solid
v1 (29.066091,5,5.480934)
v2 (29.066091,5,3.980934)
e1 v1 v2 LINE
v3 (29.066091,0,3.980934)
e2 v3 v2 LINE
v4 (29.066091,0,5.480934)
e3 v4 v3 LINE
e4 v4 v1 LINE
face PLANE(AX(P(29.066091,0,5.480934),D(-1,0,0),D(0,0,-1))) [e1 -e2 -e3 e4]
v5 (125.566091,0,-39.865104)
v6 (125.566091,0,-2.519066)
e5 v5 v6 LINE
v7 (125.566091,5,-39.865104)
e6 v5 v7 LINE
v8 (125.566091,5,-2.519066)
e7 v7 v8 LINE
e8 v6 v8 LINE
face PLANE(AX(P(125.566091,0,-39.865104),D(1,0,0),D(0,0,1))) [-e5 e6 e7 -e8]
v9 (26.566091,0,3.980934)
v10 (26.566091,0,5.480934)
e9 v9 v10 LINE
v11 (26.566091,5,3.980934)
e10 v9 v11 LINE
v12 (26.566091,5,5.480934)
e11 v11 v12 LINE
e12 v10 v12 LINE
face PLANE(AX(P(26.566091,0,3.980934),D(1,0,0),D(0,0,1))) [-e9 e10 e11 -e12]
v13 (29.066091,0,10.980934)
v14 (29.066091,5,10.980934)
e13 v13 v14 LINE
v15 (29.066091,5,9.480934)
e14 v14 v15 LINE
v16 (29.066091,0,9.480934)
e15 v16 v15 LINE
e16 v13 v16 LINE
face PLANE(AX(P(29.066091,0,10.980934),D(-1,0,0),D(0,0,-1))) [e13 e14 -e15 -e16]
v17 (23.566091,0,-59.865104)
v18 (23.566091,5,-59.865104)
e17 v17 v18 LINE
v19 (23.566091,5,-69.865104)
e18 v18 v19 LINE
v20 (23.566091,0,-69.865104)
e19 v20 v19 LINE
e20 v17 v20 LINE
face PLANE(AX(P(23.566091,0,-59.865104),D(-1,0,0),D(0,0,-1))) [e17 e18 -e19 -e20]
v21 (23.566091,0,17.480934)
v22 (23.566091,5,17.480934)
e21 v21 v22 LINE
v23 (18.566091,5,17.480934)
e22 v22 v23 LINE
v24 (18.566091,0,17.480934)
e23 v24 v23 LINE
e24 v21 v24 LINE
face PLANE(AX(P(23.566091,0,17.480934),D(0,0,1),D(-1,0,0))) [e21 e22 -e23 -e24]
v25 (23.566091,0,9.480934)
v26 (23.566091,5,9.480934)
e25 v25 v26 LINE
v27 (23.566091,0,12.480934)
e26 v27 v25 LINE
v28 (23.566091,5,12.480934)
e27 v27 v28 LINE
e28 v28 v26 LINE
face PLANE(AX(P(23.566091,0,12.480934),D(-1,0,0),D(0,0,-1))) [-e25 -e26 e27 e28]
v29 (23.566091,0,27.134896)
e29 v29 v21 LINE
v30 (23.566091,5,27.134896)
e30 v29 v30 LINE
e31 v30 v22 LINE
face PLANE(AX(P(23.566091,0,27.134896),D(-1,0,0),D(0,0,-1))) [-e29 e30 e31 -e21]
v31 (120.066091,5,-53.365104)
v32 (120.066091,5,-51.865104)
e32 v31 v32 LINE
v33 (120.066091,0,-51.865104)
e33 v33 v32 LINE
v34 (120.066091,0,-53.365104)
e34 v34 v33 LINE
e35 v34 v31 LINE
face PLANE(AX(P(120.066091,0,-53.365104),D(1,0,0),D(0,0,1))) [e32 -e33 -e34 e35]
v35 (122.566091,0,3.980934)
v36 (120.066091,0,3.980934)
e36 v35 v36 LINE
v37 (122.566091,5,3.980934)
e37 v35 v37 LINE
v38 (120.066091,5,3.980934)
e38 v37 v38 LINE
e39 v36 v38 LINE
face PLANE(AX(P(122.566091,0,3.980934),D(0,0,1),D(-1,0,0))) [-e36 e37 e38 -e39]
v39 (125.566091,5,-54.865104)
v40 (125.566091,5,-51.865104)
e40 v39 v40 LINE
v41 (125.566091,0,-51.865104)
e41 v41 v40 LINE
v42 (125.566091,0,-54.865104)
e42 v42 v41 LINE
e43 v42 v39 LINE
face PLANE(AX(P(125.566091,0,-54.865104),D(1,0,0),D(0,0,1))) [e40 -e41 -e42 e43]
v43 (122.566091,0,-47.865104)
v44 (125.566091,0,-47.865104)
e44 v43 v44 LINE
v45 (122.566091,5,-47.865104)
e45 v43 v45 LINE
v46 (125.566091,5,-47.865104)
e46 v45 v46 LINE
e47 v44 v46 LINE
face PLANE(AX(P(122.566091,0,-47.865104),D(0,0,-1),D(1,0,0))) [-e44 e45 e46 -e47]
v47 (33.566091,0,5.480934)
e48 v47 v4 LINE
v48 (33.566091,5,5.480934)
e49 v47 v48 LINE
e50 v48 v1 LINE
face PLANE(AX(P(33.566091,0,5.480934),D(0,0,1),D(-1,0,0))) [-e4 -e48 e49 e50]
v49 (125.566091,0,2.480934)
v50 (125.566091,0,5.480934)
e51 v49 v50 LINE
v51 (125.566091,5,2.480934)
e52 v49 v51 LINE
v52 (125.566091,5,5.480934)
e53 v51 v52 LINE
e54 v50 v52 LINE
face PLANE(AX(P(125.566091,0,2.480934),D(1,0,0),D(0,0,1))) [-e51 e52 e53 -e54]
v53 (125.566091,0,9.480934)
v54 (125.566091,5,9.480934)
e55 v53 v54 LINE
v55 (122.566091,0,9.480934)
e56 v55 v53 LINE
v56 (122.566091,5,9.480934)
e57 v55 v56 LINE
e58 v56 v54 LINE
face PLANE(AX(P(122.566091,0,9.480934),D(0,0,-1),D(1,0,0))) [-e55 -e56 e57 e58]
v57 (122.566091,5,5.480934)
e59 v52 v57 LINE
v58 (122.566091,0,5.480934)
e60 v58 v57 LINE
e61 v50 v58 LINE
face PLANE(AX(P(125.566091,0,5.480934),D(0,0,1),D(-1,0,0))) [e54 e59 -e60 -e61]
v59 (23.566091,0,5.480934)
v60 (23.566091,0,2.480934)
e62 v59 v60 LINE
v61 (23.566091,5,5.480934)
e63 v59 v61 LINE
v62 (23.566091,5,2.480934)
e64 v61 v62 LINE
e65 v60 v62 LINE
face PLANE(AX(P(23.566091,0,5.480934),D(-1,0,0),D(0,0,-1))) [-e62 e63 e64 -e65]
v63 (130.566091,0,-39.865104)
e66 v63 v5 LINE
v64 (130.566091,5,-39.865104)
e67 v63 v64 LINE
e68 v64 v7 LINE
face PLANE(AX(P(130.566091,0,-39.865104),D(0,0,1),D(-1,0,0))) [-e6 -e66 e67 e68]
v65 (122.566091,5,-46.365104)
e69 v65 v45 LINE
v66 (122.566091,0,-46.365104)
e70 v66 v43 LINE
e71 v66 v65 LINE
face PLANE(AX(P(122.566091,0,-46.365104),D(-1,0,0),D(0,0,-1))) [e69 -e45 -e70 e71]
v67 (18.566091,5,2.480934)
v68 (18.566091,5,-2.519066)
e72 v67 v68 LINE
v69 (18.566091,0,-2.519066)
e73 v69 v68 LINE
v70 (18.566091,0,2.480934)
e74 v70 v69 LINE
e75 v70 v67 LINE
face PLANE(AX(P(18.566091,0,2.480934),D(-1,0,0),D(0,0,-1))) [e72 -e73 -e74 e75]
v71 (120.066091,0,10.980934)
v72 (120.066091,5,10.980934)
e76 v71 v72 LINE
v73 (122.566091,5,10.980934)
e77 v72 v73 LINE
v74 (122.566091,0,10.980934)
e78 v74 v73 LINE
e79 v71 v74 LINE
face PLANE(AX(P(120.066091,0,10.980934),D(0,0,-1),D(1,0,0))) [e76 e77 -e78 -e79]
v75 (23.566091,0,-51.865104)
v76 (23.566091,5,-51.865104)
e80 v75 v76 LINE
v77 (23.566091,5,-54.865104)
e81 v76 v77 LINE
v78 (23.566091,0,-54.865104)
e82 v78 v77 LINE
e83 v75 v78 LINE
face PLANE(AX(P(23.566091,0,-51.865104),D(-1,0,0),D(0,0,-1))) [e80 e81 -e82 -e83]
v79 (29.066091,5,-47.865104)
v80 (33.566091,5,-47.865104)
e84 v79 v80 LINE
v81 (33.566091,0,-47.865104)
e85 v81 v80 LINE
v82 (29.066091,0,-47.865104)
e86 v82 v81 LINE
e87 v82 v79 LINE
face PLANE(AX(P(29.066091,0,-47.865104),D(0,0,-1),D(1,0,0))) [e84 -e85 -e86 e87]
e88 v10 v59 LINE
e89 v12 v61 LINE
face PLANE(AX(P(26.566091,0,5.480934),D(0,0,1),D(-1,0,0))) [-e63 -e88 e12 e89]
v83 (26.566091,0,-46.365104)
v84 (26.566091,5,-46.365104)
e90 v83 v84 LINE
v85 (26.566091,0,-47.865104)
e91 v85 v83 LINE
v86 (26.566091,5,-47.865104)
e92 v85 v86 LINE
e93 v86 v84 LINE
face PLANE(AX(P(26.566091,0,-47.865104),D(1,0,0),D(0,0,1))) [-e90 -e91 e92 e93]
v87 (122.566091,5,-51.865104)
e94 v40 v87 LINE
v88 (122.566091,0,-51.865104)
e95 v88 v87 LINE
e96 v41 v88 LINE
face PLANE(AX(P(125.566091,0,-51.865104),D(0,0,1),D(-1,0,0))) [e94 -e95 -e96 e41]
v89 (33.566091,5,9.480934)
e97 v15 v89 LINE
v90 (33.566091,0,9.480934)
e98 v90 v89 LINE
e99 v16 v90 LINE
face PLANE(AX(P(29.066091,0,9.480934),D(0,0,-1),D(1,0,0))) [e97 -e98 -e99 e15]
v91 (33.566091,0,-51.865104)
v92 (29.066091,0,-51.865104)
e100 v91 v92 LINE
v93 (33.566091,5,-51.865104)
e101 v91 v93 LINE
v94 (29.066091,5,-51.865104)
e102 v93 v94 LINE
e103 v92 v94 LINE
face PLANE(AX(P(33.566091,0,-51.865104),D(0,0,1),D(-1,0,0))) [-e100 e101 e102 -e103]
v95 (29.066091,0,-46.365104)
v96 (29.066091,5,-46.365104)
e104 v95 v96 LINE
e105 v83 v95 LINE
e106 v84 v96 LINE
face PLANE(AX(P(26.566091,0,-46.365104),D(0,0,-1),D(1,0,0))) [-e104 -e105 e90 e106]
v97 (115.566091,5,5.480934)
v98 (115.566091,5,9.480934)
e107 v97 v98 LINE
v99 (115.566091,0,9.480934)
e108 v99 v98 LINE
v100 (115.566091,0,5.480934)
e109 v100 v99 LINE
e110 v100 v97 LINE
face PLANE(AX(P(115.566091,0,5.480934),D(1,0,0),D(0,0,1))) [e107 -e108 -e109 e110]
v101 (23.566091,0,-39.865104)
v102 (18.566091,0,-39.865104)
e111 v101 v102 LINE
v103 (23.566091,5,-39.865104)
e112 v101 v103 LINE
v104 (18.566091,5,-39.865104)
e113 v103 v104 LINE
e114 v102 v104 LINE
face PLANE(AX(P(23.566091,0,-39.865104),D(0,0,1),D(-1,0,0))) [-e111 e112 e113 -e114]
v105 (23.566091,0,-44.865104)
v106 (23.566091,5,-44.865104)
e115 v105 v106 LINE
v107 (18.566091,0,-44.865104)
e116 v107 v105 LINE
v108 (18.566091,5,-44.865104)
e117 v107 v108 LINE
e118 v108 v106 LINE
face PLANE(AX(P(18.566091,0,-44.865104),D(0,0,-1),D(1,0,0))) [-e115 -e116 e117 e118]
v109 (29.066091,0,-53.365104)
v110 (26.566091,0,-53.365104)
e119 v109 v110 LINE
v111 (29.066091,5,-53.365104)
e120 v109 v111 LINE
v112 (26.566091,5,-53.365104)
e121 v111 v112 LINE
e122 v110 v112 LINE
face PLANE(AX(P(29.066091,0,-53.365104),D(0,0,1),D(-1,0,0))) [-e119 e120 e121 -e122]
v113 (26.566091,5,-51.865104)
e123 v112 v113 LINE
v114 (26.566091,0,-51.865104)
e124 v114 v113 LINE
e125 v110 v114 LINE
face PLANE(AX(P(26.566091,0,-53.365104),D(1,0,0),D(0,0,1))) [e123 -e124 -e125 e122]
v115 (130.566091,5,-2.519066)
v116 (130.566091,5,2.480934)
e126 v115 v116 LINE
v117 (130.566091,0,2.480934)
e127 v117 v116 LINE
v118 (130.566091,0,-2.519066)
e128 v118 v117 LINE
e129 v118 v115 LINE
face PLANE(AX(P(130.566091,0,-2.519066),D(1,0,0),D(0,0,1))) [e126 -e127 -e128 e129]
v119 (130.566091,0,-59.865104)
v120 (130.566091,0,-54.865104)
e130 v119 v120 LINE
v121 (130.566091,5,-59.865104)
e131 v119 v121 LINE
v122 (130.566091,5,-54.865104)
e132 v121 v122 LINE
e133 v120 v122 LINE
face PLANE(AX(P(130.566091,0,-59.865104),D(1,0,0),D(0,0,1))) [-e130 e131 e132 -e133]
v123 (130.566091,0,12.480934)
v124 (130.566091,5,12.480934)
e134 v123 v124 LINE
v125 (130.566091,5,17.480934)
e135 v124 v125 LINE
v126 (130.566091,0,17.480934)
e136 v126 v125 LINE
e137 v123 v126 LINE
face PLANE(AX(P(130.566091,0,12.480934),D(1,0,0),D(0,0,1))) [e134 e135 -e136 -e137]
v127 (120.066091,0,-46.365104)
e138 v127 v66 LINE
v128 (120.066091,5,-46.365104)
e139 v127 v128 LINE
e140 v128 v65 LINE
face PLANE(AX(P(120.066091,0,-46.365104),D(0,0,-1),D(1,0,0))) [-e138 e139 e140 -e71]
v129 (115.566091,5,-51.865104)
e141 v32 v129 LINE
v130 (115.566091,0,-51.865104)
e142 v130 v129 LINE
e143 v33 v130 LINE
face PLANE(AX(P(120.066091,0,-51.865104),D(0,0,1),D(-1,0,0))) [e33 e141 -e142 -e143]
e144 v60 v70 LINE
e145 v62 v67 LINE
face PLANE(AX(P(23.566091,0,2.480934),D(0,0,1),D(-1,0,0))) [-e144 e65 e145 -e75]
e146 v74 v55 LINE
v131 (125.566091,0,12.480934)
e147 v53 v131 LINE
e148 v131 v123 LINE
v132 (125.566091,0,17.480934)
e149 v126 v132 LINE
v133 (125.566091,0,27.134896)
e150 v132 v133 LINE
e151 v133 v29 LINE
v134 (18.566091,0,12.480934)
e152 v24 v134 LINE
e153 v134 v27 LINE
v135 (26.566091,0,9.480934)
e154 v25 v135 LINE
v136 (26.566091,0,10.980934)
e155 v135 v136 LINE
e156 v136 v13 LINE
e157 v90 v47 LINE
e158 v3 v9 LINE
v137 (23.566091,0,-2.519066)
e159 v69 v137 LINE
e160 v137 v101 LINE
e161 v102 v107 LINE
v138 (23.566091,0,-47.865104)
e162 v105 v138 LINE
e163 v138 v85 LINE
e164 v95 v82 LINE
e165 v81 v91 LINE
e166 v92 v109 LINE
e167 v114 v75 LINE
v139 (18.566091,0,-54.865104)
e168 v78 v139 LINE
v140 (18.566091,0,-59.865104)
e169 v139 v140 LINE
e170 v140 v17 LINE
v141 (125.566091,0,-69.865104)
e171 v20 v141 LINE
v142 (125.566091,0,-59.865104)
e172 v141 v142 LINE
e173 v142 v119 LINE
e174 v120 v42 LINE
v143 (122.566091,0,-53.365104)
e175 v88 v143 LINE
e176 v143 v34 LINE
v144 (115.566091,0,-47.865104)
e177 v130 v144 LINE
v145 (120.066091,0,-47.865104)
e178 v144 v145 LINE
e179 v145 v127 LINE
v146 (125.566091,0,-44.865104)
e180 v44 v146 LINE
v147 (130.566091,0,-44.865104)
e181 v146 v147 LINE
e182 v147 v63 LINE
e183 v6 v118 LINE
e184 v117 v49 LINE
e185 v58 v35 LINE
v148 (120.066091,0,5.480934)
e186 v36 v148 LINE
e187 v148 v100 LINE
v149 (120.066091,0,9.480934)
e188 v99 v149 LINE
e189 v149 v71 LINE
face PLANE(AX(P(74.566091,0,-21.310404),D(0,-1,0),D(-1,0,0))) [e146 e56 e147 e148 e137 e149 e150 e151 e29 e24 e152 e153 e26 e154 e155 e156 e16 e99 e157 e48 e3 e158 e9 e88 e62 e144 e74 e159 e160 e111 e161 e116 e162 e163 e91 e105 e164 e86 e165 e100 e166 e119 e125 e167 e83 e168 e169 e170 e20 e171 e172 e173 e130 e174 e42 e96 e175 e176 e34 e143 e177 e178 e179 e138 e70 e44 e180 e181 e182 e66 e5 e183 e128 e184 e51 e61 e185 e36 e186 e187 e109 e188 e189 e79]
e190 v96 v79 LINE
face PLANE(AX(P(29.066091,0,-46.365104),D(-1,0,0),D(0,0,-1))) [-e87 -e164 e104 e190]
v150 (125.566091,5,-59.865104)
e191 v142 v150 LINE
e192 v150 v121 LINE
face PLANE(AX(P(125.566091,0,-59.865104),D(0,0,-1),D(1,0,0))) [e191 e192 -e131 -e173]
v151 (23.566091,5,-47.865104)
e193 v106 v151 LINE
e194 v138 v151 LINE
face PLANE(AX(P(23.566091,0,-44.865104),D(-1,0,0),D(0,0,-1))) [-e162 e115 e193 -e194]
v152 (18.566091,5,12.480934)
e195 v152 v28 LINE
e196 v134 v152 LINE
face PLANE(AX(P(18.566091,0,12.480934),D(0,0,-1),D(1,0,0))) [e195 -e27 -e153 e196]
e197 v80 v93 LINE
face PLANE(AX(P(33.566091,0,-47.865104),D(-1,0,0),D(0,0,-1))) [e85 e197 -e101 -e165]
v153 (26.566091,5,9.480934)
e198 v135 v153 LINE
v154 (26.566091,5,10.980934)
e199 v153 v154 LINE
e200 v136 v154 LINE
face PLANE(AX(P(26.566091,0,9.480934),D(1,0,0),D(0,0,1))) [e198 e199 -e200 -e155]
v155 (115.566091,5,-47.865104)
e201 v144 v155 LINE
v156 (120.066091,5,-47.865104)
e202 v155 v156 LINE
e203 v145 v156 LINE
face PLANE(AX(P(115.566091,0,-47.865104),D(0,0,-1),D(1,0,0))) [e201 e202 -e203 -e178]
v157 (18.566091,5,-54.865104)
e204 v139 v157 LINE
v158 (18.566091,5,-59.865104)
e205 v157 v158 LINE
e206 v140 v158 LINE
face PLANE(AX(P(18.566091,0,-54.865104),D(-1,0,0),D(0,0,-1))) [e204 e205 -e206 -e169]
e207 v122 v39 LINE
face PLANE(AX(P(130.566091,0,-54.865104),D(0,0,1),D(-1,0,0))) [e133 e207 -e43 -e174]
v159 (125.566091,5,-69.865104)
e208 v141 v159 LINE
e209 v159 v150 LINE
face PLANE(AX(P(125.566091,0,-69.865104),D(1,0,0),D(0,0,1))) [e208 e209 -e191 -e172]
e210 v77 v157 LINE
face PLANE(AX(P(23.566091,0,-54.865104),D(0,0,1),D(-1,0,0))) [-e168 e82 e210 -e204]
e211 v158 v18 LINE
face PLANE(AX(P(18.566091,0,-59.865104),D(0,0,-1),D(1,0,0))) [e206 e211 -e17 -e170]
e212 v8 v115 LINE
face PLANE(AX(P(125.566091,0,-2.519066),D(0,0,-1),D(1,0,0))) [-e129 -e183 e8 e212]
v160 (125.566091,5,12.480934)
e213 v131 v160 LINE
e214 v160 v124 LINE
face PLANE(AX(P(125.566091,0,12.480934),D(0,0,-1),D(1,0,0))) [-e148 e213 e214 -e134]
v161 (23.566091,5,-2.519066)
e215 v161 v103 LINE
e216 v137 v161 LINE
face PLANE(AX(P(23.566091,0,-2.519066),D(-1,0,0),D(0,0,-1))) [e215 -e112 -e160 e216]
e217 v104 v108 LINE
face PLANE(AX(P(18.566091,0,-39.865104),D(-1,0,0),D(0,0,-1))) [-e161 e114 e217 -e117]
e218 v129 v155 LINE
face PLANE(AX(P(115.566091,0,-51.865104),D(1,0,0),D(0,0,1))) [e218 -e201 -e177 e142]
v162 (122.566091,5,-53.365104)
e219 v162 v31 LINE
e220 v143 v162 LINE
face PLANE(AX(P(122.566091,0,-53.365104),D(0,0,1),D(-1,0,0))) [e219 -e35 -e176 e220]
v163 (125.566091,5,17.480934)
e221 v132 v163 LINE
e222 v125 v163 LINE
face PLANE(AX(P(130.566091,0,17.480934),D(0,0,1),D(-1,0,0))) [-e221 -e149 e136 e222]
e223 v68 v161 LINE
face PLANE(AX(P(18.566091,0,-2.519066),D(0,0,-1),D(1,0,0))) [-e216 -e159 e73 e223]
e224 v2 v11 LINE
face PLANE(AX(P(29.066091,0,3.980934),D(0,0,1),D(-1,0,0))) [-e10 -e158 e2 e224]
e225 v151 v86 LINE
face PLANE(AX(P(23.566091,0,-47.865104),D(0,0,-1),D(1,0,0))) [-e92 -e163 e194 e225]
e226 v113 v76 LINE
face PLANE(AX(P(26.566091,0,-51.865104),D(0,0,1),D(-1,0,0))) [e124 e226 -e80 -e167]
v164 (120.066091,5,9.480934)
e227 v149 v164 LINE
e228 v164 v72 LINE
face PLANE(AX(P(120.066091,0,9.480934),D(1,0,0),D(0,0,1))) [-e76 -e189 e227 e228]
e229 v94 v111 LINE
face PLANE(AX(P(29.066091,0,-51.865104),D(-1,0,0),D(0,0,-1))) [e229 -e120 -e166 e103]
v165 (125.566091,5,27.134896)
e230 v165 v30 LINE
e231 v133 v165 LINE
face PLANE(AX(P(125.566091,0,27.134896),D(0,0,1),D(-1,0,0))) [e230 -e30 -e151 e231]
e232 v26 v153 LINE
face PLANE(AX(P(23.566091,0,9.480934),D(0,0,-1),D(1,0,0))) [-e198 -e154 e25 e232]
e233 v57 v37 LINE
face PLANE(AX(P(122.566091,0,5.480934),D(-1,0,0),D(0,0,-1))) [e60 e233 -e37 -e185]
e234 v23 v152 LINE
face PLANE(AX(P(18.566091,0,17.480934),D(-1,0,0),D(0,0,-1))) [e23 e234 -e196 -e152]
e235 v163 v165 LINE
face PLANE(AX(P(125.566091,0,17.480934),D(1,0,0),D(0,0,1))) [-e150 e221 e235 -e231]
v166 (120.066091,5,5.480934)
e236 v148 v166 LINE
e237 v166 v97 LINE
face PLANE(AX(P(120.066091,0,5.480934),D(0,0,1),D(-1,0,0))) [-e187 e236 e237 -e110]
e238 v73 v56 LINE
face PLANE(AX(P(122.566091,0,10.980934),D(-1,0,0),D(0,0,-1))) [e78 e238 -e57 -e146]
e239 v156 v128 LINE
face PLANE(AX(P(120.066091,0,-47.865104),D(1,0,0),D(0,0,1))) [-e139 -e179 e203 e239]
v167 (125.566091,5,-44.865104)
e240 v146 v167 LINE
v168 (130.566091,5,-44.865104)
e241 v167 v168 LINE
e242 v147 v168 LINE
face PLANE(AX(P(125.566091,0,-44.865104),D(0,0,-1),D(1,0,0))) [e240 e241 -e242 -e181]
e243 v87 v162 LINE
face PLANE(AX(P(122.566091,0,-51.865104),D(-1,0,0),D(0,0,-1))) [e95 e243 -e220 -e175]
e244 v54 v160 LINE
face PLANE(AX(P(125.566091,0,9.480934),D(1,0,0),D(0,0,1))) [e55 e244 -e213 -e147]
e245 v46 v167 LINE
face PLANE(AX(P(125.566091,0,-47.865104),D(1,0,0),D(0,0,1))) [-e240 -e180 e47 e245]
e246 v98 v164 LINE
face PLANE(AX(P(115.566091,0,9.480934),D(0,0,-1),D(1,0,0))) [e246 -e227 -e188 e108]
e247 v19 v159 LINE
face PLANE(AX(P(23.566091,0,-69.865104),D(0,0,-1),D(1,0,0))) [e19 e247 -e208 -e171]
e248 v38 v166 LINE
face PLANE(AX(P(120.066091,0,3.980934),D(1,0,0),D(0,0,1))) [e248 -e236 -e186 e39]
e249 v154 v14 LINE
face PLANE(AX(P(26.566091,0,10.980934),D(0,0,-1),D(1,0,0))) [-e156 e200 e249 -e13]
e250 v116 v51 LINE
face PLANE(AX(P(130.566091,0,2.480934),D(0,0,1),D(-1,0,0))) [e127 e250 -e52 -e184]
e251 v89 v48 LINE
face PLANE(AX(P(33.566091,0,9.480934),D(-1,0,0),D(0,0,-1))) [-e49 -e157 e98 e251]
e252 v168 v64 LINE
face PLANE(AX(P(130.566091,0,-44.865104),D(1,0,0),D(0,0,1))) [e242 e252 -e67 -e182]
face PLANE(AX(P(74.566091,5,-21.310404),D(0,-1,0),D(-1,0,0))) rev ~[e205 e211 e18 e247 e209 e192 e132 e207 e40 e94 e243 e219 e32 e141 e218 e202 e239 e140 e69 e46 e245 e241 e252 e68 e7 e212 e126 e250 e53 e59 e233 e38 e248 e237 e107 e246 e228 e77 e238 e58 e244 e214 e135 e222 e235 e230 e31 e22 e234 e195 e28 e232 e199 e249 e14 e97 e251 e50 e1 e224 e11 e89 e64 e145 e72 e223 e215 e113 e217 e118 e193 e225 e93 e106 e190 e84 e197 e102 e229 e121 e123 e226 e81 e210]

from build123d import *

# Parameters (mm, degrees)
BOSS_EXTRUDE3_DEPTH = 5


with BuildPart() as part:
    # Sketch2 → Boss-Extrude3 (new body)
    with BuildSketch(Plane(origin=(0, 0, 0), x_dir=(1, 0, 0), z_dir=(0, 1, 0))):
        Polygon((125.566090761, 54.865104149), (125.566090761, 51.865104149), (122.566090761, 51.865104149), (122.566090761, 53.365104149), (120.066090761, 53.365104149), (120.066090761, 51.865104149), (115.566090761, 51.865104149), (115.566090761, 47.865104149), (120.066090761, 47.865104149), (120.066090761, 46.365104149), (122.566090761, 46.365104149), (122.566090761, 47.865104149), (125.566090761, 47.865104149), (125.566090761, 44.865104149), (130.566090761, 44.865104149), (130.566090761, 39.865104149), (125.566090761, 39.865104149), (125.566090761, 2.519066104), (130.566090761, 2.519066104), (130.566090761, -2.480933896), (125.566090761, -2.480933896), (125.566090761, -5.480933896), (122.566090761, -5.480933896), (122.566090761, -3.980933896), (120.066090761, -3.980933896), (120.066090761, -5.480933896), (115.566090761, -5.480933896), (115.566090761, -9.480933896), (120.066090761, -9.480933896), (120.066090761, -10.980933896), (122.566090761, -10.980933896), (122.566090761, -9.480933896), (125.566090761, -9.480933896), (125.566090761, -12.480933896), (130.566090761, -12.480933896), (130.566090761, -17.480933896), (125.566090761, -17.480933896), (125.566090761, -27.134895851), (23.566090761, -27.134895851), (23.566090761, -17.480933896), (18.566090761, -17.480933896), (18.566090761, -12.480933896), (23.566090761, -12.480933896), (23.566090761, -9.480933896), (26.566090761, -9.480933896), (26.566090761, -10.980933896), (29.066090761, -10.980933896), (29.066090761, -9.480933896), (33.566090761, -9.480933896), (33.566090761, -5.480933896), (29.066090761, -5.480933896), (29.066090761, -3.980933896), (26.566090761, -3.980933896), (26.566090761, -5.480933896), (23.566090761, -5.480933896), (23.566090761, -2.480933896), (18.566090761, -2.480933896), (18.566090761, 2.519066104), (23.566090761, 2.519066104), (23.566090761, 39.865104149), (18.566090761, 39.865104149), (18.566090761, 44.865104149), (23.566090761, 44.865104149), (23.566090761, 47.865104149), (26.566090761, 47.865104149), (26.566090761, 46.365104149), (29.066090761, 46.365104149), (29.066090761, 47.865104149), (33.566090761, 47.865104149), (33.566090761, 51.865104149), (29.066090761, 51.865104149), (29.066090761, 53.365104149), (26.566090761, 53.365104149), (26.566090761, 51.865104149), (23.566090761, 51.865104149), (23.566090761, 54.865104149), (18.566090761, 54.865104149), (18.566090761, 59.865104149), (23.566090761, 59.865104149), (23.566090761, 69.865104149), (125.566090761, 69.865104149), (125.566090761, 59.865104149), (130.566090761, 59.865104149), (130.566090761, 54.865104149), align=None)
    extrude(amount=BOSS_EXTRUDE3_DEPTH)


solid = part.part
